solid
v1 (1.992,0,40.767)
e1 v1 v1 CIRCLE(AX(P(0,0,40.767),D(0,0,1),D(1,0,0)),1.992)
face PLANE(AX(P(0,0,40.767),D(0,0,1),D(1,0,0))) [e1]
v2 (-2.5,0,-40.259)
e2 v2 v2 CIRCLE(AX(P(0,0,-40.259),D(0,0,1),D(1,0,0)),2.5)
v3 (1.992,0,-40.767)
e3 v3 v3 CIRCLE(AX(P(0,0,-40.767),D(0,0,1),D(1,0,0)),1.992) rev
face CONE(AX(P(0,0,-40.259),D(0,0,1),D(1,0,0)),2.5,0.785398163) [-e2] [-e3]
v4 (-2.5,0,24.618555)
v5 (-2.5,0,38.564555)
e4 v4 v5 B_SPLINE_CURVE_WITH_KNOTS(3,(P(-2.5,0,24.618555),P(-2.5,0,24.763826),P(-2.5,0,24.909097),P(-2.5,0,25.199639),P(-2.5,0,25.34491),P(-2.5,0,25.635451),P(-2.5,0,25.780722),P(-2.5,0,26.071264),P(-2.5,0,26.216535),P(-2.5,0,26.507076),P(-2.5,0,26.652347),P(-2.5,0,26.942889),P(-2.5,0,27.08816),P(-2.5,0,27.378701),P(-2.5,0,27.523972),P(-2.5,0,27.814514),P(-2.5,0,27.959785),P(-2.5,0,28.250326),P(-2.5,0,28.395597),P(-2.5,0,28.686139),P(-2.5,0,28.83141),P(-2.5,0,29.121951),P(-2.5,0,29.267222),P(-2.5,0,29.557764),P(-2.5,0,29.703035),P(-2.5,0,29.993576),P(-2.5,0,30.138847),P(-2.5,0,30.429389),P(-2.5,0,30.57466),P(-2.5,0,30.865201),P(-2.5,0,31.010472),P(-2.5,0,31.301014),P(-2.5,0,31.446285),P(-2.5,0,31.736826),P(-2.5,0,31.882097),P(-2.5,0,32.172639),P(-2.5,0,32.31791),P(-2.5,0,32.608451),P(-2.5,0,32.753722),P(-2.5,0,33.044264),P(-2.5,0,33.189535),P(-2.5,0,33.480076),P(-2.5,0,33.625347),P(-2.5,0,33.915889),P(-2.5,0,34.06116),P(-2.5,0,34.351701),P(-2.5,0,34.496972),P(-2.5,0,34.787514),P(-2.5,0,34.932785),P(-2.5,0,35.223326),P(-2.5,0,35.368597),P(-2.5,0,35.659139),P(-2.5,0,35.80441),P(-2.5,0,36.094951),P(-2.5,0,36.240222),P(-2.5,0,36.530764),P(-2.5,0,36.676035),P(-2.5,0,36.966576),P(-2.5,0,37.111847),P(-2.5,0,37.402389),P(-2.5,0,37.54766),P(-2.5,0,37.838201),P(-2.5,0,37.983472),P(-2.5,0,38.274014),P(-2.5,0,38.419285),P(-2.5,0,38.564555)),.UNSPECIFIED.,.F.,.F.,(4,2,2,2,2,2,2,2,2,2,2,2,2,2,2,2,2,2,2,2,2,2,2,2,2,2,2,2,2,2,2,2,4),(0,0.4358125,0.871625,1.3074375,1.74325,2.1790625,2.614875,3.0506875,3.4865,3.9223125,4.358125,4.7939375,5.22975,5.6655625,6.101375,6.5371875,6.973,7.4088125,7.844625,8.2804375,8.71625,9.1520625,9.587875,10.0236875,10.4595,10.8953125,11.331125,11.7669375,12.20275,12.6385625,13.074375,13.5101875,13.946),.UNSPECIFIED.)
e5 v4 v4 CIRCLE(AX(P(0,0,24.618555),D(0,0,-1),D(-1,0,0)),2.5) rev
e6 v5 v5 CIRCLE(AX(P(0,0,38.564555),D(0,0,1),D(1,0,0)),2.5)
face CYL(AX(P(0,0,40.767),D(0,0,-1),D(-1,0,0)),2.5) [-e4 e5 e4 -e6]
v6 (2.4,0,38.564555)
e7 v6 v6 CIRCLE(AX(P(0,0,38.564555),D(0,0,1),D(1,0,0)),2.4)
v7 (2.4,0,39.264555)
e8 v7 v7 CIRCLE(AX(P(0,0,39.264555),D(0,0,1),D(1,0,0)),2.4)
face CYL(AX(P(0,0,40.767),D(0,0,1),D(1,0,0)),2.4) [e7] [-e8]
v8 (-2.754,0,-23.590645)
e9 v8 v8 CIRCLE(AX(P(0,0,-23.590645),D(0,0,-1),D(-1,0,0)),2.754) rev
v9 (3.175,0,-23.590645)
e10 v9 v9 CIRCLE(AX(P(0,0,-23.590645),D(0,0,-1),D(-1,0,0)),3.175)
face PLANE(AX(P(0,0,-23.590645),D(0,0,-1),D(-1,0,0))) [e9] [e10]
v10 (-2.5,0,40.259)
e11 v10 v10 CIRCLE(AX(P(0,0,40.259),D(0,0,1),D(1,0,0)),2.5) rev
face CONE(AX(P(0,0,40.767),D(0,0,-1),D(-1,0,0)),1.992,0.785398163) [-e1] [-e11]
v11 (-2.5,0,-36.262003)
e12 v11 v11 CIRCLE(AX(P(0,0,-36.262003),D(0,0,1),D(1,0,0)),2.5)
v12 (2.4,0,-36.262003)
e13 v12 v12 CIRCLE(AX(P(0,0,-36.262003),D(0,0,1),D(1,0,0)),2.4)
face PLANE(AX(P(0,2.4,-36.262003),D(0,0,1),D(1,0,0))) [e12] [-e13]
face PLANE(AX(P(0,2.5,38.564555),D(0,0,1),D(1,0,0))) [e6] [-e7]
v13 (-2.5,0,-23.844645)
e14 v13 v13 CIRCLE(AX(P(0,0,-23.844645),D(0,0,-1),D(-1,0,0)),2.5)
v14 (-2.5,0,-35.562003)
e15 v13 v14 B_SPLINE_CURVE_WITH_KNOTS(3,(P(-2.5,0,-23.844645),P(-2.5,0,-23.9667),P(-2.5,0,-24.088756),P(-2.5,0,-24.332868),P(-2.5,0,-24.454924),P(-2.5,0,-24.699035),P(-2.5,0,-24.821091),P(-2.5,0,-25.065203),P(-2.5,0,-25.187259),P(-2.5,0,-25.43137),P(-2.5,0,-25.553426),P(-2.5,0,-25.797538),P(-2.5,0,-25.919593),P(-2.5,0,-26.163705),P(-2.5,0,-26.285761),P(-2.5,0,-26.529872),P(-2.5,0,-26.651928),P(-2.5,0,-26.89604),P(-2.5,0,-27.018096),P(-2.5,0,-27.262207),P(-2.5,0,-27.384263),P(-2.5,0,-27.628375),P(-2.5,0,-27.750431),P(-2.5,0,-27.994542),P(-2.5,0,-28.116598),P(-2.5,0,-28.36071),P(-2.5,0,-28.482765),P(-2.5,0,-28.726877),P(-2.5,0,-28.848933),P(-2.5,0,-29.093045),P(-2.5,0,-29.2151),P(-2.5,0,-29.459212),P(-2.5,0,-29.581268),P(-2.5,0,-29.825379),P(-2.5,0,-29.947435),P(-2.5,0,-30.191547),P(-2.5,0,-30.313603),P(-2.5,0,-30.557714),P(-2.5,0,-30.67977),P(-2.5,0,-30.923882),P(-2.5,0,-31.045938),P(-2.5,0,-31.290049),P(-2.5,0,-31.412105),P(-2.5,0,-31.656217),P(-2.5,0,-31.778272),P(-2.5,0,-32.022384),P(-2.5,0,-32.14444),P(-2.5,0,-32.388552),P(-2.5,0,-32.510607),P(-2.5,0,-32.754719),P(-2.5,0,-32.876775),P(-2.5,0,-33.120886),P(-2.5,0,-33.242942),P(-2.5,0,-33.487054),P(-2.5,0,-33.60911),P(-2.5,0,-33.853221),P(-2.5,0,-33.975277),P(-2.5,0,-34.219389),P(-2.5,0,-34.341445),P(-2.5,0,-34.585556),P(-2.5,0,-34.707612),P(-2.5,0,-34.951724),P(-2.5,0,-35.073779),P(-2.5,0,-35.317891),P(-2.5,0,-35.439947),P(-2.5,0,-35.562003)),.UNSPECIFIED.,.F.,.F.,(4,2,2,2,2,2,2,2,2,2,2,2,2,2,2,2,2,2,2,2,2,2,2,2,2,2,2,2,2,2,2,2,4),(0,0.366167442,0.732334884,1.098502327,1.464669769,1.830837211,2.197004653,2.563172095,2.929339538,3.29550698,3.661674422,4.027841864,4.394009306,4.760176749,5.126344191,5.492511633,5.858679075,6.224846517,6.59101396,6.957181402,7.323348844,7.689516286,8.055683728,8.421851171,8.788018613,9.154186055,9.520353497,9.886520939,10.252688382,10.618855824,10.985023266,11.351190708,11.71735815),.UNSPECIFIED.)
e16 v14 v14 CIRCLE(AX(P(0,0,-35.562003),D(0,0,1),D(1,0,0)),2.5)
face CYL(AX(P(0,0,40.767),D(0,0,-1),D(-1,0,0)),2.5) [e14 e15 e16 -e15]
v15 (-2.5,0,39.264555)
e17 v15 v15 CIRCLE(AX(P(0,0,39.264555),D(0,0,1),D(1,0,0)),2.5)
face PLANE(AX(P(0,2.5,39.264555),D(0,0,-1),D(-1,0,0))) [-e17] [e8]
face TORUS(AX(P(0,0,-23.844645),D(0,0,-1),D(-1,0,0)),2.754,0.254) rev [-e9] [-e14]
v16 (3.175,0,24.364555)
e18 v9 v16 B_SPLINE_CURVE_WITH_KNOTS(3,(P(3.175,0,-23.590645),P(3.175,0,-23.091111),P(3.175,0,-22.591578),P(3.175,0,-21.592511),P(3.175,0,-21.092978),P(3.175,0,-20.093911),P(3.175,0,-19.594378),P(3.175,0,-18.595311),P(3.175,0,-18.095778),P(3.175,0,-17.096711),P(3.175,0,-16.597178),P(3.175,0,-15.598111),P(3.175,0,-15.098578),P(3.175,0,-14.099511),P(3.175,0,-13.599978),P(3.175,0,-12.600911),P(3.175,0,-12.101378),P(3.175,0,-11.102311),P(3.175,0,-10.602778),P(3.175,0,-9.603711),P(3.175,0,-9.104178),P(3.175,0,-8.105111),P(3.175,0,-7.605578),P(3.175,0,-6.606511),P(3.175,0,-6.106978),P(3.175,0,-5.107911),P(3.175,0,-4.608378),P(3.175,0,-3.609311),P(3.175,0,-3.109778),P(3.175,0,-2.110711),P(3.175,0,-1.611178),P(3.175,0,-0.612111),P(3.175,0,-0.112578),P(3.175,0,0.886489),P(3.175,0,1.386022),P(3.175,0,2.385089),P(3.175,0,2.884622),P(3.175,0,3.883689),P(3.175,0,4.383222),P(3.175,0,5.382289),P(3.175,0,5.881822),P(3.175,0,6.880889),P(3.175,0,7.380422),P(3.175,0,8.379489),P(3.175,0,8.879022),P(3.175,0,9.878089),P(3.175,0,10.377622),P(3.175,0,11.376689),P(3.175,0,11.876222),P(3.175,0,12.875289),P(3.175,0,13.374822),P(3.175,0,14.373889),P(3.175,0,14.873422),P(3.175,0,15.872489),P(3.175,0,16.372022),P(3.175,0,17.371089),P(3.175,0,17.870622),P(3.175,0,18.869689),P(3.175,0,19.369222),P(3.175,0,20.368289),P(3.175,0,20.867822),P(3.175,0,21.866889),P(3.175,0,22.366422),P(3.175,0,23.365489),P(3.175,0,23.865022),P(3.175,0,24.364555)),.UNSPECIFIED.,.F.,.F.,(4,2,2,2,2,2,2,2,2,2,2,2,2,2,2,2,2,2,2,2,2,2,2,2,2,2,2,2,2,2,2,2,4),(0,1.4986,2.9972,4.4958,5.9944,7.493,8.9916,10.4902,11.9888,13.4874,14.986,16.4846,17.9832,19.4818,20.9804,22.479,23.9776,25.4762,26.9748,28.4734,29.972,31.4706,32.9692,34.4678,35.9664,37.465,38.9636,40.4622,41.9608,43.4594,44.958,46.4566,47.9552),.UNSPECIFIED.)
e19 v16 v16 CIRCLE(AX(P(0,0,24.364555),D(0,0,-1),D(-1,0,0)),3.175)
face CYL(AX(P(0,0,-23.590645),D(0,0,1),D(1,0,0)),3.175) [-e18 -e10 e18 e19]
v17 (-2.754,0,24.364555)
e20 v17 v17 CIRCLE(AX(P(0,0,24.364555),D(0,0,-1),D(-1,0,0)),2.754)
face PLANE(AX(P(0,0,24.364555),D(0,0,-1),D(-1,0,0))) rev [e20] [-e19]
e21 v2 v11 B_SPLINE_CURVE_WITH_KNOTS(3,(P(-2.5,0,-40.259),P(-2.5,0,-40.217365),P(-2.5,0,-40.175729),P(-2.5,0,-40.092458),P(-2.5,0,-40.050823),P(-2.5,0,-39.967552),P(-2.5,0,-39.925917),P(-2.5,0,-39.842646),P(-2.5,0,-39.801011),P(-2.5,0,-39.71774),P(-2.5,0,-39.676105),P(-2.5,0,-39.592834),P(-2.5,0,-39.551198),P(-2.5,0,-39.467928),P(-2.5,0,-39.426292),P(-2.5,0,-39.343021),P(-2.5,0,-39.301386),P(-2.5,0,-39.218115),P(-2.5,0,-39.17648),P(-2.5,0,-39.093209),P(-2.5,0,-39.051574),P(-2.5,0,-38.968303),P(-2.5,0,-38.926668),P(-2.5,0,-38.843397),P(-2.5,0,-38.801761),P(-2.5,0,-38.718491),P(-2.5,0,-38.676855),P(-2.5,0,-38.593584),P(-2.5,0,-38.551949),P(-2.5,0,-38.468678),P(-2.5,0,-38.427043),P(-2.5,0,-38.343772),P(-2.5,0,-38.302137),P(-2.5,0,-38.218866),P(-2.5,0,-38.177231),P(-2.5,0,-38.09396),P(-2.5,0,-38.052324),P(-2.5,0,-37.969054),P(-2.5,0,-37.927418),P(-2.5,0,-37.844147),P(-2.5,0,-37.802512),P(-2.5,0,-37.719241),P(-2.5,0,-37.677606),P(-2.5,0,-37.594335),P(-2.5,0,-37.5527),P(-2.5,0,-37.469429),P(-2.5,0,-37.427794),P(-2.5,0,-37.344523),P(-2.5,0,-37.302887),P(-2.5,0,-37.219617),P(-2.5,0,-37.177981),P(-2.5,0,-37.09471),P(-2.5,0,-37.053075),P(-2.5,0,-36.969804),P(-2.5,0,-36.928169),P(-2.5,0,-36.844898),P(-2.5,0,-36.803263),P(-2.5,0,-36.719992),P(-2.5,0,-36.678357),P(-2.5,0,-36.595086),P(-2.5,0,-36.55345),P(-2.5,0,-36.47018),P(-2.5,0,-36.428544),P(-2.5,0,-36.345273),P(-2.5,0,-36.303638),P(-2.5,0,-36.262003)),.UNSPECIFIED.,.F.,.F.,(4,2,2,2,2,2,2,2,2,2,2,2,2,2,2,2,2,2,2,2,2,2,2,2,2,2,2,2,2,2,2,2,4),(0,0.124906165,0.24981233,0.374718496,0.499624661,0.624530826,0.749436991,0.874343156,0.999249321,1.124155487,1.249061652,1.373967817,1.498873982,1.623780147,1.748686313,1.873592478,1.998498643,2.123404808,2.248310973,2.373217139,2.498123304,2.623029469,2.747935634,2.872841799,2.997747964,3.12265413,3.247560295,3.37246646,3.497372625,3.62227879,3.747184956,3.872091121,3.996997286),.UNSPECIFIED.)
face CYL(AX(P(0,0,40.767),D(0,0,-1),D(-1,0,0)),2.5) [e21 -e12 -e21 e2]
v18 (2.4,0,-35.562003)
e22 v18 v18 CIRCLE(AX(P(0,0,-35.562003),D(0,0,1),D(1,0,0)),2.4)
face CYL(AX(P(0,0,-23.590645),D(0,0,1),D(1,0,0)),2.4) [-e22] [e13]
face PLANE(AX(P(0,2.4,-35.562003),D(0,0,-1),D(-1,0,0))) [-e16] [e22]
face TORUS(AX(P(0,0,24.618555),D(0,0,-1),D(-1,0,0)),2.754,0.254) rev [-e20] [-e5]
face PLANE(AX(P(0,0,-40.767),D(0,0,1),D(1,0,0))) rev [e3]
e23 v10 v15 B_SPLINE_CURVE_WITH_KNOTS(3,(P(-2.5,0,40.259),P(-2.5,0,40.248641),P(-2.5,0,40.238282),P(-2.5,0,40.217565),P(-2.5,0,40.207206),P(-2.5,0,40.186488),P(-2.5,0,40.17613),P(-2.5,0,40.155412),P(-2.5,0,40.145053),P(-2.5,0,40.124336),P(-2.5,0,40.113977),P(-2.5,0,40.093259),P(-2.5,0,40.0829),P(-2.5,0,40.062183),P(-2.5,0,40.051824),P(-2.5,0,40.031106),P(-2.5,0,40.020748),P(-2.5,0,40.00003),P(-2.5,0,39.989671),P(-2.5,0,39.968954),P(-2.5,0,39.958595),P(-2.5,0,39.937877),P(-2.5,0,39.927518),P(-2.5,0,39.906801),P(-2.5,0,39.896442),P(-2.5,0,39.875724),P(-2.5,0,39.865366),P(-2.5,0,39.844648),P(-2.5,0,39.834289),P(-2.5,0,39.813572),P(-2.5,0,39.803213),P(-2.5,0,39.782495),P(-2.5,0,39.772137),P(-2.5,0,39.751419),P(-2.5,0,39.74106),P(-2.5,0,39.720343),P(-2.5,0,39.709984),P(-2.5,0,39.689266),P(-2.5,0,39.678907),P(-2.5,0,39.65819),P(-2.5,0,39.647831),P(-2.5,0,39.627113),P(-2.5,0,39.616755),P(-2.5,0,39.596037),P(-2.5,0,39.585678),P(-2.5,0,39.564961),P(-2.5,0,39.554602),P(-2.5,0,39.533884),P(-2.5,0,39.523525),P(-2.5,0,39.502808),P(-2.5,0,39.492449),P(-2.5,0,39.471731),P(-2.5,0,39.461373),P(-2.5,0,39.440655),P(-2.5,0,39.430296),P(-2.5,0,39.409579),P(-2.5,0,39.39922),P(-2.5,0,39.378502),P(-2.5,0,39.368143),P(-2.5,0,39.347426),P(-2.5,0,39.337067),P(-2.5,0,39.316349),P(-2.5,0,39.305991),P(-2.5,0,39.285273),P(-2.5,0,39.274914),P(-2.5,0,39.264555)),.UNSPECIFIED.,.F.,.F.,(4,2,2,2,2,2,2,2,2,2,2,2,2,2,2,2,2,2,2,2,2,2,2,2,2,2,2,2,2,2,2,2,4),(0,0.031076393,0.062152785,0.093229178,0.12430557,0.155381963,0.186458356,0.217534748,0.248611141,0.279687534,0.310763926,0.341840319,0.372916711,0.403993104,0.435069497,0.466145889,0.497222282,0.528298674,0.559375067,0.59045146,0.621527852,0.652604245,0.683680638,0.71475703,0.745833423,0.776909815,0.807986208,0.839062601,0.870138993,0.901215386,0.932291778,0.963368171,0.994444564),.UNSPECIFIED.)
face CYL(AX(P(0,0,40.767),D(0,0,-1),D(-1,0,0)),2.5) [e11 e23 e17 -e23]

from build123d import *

# Parameters (mm, degrees)
SKETCH1_R           = 2.5
BOSS_EXTRUDE1_DEPTH = 40.767
SKETCH2_W           = 0.7
SKETCH2_H           = 0.1
SKETCH5_R           = 3.175
BOSS_EXTRUDE3_DEPTH = 47.9552
SKETCH7_W           = 0.7
SKETCH7_H           = 0.1
CHAMFER1_SIZE       = 0.508
FILLET1_R           = 0.254


with BuildPart() as part:
    # Sketch1 → Boss-Extrude1 (new, symmetric)
    with BuildSketch(Plane.XY):
        with Locations(Location((0, 0, 0), (0, 0, 180))):
            Circle(SKETCH1_R)
    extrude(amount=BOSS_EXTRUDE1_DEPTH, both=True)

    # Sketch2 → Cut-Revolve1 (revolve, cut)
    with BuildSketch(Plane(origin=(0, 0, 0), x_dir=(0, 0, -1), z_dir=(1, 0, 0)), mode=Mode.PRIVATE) as cut_revolve1_sk:
        with Locations((-38.914555436, 2.45)):
            Rectangle(SKETCH2_W, SKETCH2_H)
    revolve(cut_revolve1_sk.sketch.rotate(Axis((0, 0, 40.767), (0, 0, -1)), 270), axis=Axis((0, 0, 40.767), (0, 0, -1)), mode=Mode.SUBTRACT)

    # Sketch5 → Boss-Extrude3 (add)
    with BuildSketch(Plane(origin=(0, 0, 24.364555436), x_dir=(-1, 0, 0), z_dir=(0, 0, -1))):
        with Locations(Location((0, 0, 0), (0, 0, 180))):
            Circle(SKETCH5_R)
    extrude(amount=BOSS_EXTRUDE3_DEPTH)

    # Sketch7 → Cut-Revolve2 (revolve, cut)
    with BuildSketch(Plane(origin=(0, -92.71594082, 0), x_dir=(0, 0, 1), z_dir=(1, 0, 0)), mode=Mode.PRIVATE) as cut_revolve2_sk:
        with Locations((-35.912002714, -95.16594082)):
            Rectangle(SKETCH7_W, SKETCH7_H)
    revolve(cut_revolve2_sk.sketch.rotate(Axis((0, 0, -23.590644564), (0, 0, -1)), 270), axis=Axis((0, 0, -23.590644564), (0, 0, -1)), mode=Mode.SUBTRACT)

    # Chamfer1
    chamfer1_edges = [part.edges().sort_by_distance(p)[0] for p in [
        (2.5, 0, -40.767),
        (2.5, 0, 40.767),
    ]]
    chamfer(chamfer1_edges, length=CHAMFER1_SIZE)

    # Fillet1
    fillet1_edges = [part.edges().sort_by_distance(p)[0] for p in [
        (2.5, 0, 24.364555436),
        (2.5, 0, -23.590644564),
    ]]
    fillet(fillet1_edges, radius=FILLET1_R)


solid = part.part
